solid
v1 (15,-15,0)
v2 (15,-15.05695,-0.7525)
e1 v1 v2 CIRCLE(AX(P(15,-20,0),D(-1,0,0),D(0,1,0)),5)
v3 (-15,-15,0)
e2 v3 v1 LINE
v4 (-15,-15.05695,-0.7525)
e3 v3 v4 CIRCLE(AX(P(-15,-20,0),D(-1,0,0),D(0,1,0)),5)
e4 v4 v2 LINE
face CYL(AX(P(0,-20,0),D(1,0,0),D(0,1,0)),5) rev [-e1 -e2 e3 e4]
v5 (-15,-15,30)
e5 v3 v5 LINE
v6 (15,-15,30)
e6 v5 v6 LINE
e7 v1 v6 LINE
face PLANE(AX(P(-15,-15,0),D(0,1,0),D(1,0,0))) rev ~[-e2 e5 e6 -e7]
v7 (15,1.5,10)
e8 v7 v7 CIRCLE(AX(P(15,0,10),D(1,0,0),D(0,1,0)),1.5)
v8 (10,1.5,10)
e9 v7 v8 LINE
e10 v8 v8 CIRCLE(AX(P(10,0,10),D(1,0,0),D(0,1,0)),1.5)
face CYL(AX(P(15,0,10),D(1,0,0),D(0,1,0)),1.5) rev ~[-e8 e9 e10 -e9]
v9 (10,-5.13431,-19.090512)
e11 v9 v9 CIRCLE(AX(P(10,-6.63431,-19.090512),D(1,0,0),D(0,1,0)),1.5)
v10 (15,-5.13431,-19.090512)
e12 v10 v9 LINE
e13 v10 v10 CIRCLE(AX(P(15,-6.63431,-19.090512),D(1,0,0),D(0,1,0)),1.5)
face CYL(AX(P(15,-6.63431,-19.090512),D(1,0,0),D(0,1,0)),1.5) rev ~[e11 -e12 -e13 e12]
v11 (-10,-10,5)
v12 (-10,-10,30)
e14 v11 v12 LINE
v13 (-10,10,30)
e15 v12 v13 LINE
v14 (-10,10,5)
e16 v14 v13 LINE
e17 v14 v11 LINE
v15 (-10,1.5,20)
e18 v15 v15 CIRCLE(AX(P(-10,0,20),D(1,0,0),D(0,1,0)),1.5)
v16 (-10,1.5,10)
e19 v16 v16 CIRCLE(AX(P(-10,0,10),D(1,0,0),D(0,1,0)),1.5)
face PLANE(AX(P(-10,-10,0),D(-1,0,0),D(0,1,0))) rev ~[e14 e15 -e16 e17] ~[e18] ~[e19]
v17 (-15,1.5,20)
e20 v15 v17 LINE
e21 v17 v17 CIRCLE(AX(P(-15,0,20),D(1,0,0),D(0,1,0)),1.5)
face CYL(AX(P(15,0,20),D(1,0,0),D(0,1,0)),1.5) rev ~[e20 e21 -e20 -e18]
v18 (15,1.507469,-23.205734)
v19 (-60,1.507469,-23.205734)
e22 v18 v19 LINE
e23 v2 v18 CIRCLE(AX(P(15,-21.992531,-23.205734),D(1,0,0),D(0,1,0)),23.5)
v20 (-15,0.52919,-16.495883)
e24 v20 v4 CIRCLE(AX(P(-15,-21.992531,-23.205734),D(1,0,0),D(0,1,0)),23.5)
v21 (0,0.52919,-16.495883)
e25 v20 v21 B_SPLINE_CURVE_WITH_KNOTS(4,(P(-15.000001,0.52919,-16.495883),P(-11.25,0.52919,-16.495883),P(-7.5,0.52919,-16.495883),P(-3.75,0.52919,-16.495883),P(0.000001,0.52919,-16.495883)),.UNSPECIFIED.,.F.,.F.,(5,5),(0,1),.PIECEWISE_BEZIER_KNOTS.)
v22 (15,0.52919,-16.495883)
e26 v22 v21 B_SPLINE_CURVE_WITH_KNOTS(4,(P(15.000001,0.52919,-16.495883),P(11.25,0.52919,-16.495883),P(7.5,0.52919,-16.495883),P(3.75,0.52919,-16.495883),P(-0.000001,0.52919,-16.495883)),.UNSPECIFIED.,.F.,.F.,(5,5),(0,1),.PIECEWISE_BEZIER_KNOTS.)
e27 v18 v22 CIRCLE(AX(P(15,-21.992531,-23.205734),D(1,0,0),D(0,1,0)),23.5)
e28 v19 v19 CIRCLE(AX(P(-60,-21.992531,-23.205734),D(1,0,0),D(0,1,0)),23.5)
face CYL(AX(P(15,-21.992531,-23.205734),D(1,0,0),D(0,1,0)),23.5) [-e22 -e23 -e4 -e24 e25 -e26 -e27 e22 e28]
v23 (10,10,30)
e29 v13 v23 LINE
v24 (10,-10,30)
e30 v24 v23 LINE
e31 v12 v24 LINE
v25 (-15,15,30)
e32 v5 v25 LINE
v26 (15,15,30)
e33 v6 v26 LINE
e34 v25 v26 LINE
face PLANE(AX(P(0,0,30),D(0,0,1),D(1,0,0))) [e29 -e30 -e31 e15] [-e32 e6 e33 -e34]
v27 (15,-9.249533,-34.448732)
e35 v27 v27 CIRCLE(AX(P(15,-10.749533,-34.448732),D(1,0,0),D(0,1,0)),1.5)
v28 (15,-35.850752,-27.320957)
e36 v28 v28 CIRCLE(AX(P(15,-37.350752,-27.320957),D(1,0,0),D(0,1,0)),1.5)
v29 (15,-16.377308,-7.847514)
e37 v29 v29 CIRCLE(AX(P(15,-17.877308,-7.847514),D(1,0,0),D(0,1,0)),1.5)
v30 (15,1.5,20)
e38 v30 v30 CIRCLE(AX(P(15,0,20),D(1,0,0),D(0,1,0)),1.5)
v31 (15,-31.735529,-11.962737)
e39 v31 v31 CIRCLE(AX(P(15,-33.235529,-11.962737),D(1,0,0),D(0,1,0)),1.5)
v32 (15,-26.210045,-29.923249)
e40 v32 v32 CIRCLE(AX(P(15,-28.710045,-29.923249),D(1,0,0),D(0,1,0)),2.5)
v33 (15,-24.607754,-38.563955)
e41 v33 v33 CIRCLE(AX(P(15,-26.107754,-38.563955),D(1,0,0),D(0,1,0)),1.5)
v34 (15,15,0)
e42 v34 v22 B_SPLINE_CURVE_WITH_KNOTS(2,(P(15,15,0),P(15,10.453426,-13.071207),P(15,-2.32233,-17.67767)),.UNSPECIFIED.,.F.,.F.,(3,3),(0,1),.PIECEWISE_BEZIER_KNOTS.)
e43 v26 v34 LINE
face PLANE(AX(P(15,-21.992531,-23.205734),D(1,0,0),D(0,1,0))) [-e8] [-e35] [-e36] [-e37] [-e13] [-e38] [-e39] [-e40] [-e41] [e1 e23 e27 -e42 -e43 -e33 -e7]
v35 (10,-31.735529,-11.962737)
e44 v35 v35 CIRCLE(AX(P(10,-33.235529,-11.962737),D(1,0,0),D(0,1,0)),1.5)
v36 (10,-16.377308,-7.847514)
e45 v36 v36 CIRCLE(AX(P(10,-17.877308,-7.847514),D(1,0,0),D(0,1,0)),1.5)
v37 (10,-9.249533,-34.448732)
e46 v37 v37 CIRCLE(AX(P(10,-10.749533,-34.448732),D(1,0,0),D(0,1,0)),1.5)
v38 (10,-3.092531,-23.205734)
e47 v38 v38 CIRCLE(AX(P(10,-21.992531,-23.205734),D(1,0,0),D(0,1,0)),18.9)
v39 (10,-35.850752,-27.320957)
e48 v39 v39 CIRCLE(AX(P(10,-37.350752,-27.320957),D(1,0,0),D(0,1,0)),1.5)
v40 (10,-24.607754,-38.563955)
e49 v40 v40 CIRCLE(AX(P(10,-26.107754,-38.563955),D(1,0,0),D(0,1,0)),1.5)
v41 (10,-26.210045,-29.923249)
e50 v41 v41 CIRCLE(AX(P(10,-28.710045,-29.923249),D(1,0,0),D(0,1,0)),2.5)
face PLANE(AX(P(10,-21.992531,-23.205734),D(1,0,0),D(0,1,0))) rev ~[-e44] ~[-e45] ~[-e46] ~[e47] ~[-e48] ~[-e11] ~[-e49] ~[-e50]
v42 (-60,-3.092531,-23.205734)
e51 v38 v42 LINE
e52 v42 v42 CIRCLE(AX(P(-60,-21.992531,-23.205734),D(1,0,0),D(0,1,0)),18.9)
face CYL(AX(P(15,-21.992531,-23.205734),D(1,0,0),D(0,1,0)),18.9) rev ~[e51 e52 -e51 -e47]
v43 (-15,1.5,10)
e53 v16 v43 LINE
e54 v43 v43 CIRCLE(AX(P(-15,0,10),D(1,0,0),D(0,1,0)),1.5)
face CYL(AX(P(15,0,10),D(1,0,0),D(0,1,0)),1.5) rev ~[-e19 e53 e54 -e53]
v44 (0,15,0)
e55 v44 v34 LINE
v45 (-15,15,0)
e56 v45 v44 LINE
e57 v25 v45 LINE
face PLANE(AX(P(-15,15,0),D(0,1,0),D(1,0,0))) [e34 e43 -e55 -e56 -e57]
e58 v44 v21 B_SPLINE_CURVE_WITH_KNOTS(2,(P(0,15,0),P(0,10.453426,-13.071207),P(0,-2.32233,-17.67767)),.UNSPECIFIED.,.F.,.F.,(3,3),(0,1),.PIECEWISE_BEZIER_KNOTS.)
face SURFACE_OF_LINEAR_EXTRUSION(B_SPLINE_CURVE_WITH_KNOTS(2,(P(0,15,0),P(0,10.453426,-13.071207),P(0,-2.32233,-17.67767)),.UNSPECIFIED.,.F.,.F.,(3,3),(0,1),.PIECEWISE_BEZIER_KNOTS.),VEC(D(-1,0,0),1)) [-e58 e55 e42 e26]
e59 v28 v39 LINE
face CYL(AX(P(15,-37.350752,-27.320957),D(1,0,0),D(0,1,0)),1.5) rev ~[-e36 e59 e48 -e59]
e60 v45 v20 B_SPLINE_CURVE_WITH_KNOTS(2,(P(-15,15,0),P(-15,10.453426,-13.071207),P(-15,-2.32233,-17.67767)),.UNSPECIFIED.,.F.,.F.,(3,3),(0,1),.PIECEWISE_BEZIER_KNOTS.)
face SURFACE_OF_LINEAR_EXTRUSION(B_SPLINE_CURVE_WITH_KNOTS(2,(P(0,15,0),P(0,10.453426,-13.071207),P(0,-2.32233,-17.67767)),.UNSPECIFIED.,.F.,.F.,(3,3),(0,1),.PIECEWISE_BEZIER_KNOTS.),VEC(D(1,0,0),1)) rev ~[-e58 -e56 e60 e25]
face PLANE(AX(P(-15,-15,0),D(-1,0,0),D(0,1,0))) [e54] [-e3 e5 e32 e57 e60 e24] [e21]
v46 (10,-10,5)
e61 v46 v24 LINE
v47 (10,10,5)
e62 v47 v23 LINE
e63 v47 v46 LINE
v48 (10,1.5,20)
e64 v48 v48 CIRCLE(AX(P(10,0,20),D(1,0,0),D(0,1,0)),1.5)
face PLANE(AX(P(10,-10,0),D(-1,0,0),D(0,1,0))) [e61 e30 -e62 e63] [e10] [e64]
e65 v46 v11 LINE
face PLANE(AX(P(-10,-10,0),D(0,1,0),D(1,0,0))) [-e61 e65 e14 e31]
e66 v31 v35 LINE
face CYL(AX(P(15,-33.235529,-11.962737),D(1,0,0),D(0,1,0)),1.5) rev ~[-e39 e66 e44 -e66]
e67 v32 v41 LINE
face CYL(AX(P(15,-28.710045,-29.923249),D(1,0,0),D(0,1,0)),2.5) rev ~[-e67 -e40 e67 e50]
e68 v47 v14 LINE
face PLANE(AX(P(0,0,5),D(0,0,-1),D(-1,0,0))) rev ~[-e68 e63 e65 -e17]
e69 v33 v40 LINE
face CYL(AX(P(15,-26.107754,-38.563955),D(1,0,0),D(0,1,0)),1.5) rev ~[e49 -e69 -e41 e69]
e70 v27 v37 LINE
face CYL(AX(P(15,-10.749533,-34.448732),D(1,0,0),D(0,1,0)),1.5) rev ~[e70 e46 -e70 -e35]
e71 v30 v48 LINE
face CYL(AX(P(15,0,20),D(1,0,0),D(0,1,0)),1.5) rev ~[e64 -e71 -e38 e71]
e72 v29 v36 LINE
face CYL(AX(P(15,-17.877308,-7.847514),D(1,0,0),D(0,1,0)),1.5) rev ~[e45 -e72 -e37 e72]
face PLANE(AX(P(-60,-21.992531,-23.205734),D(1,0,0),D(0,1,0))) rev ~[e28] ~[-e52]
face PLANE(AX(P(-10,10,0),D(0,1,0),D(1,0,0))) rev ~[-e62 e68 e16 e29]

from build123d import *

# Parameters (mm, degrees)
SKETCH1_W           = 30
SKETCH1_H           = 30
SKETCH1_W_2         = 20
SKETCH1_H_2         = 20
BOSS_EXTRUDE1_DEPTH = 30
SKETCH21_R          = 1.5
CUT_EXTRUDE1_DEPTH  = 46
SKETCH22_W          = 30
SKETCH22_H          = 30
BOSS_EXTRUDE2_DEPTH = 5
BOSS_EXTRUDE4_DEPTH = 15
SKETCH26_R          = 23.5
BOSS_EXTRUDE5_DEPTH = 75
SKETCH27_R          = 18.9
CUT_EXTRUDE2_DEPTH  = 100.378046072
SKETCH28_R          = 18.9
BOSS_EXTRUDE6_DEPTH = 5
SKETCH29_R          = 1.5
SKETCH29_R_2        = 2.5
CUT_EXTRUDE3_DEPTH  = 8


with BuildPart() as part:
    # Sketch1 → Boss-Extrude1 (new body)
    with BuildSketch(Plane.XY):
        Rectangle(SKETCH1_W, SKETCH1_H)
        Rectangle(SKETCH1_W_2, SKETCH1_H_2, mode=Mode.SUBTRACT)
    extrude(amount=BOSS_EXTRUDE1_DEPTH)

    # Sketch21 → Cut-Extrude1 (cut, through all)
    with BuildSketch(Plane(origin=(15, 0, 0), x_dir=(0, 0, -1), z_dir=(1, 0, 0))):
        with Locations(Location((-10, 0, 0), (0, 0, 90))):
            Circle(SKETCH21_R)
        with Locations(Location((-20, 0, 0), (0, 0, 90))):
            Circle(SKETCH21_R)
    extrude(amount=-CUT_EXTRUDE1_DEPTH, mode=Mode.SUBTRACT)

    # Sketch22 → Boss-Extrude2 (add)
    with BuildSketch(Plane(origin=(0, 0, 0), x_dir=(-1, 0, 0), z_dir=(0, 0, -1))):
        Rectangle(SKETCH22_W, SKETCH22_H)
    extrude(amount=-BOSS_EXTRUDE2_DEPTH)

    # Sketch25 → Boss-Extrude4 (add, symmetric)
    with BuildSketch(Plane(origin=(0, 0, 0), x_dir=(0, 0, -1), z_dir=(1, 0, 0))):
        with BuildLine():
            Line((0, 15), (0, -15))
            ThreePointArc((0, -15), (1.913417162, -15.380602337), (3.535533906, -16.464466094))
            Line((3.535533906, -16.464466094), (22.852181054, -35.781113242))
            Line((22.852181054, -35.781113242), (36.994316678, -21.638977618))
            Line((36.994316678, -21.638977618), (17.67766953, -2.32233047))
            add(Edge.make_bspline(
                [(0, 15), (13.071207338, 10.453425887), (17.67766953, -2.32233047)],
                knots=[0, 0, 0, 1, 1, 1], degree=2))
        make_face()
    extrude(amount=BOSS_EXTRUDE4_DEPTH, both=True)

    # Sketch26 → Boss-Extrude5 (add)
    with BuildSketch(Plane(origin=(15, 0, 0), x_dir=(0, 0, -1), z_dir=(1, 0, 0))):
        with Locations(Location((23.205734445, -21.992531009, 0), (0, 0, 90))):
            Circle(SKETCH26_R)
    extrude(amount=-BOSS_EXTRUDE5_DEPTH)

    # Sketch27 → Cut-Extrude2 (cut, through all)
    with BuildSketch(Plane(origin=(15, 0, 0), x_dir=(0, 0, -1), z_dir=(1, 0, 0))):
        with Locations(Location((23.205734445, -21.992531009, 0), (0, 0, 90))):
            Circle(SKETCH27_R)
    extrude(amount=-CUT_EXTRUDE2_DEPTH, mode=Mode.SUBTRACT)

    # Sketch28 → Boss-Extrude6 (add)
    with BuildSketch(Plane(origin=(15, 0, 0), x_dir=(0, 0, -1), z_dir=(1, 0, 0))):
        with Locations(Location((23.205734445, -21.992531009, 0), (0, 0, 90))):
            Circle(SKETCH28_R)
    extrude(amount=-BOSS_EXTRUDE6_DEPTH)

    # Sketch29 → Cut-Extrude3 (cut)
    with BuildSketch(Plane(origin=(15, 0, 0), x_dir=(0, 0, -1), z_dir=(1, 0, 0))):
        with Locations(Location((34.448732265, -10.749533188, 0), (0, 0, 90))):
            Circle(SKETCH29_R)
        with Locations(Location((38.563955083, -26.107753826, 0), (0, 0, 90))):
            Circle(SKETCH29_R)
        with Locations(Location((27.320957262, -37.350751647, 0), (0, 0, 90))):
            Circle(SKETCH29_R)
        with Locations(Location((11.962736624, -33.23552883, 0), (0, 0, 90))):
            Circle(SKETCH29_R)
        with Locations(Location((7.847513807, -17.877308192, 0), (0, 0, 90))):
            Circle(SKETCH29_R)
        with Locations(Location((19.090511627, -6.634310371, 0), (0, 0, 90))):
            Circle(SKETCH29_R)
        with Locations(Location((29.923248866, -28.71004543, 0), (0, 0, 90))):
            Circle(SKETCH29_R_2)
    extrude(amount=-CUT_EXTRUDE3_DEPTH, mode=Mode.SUBTRACT)


solid = part.part
